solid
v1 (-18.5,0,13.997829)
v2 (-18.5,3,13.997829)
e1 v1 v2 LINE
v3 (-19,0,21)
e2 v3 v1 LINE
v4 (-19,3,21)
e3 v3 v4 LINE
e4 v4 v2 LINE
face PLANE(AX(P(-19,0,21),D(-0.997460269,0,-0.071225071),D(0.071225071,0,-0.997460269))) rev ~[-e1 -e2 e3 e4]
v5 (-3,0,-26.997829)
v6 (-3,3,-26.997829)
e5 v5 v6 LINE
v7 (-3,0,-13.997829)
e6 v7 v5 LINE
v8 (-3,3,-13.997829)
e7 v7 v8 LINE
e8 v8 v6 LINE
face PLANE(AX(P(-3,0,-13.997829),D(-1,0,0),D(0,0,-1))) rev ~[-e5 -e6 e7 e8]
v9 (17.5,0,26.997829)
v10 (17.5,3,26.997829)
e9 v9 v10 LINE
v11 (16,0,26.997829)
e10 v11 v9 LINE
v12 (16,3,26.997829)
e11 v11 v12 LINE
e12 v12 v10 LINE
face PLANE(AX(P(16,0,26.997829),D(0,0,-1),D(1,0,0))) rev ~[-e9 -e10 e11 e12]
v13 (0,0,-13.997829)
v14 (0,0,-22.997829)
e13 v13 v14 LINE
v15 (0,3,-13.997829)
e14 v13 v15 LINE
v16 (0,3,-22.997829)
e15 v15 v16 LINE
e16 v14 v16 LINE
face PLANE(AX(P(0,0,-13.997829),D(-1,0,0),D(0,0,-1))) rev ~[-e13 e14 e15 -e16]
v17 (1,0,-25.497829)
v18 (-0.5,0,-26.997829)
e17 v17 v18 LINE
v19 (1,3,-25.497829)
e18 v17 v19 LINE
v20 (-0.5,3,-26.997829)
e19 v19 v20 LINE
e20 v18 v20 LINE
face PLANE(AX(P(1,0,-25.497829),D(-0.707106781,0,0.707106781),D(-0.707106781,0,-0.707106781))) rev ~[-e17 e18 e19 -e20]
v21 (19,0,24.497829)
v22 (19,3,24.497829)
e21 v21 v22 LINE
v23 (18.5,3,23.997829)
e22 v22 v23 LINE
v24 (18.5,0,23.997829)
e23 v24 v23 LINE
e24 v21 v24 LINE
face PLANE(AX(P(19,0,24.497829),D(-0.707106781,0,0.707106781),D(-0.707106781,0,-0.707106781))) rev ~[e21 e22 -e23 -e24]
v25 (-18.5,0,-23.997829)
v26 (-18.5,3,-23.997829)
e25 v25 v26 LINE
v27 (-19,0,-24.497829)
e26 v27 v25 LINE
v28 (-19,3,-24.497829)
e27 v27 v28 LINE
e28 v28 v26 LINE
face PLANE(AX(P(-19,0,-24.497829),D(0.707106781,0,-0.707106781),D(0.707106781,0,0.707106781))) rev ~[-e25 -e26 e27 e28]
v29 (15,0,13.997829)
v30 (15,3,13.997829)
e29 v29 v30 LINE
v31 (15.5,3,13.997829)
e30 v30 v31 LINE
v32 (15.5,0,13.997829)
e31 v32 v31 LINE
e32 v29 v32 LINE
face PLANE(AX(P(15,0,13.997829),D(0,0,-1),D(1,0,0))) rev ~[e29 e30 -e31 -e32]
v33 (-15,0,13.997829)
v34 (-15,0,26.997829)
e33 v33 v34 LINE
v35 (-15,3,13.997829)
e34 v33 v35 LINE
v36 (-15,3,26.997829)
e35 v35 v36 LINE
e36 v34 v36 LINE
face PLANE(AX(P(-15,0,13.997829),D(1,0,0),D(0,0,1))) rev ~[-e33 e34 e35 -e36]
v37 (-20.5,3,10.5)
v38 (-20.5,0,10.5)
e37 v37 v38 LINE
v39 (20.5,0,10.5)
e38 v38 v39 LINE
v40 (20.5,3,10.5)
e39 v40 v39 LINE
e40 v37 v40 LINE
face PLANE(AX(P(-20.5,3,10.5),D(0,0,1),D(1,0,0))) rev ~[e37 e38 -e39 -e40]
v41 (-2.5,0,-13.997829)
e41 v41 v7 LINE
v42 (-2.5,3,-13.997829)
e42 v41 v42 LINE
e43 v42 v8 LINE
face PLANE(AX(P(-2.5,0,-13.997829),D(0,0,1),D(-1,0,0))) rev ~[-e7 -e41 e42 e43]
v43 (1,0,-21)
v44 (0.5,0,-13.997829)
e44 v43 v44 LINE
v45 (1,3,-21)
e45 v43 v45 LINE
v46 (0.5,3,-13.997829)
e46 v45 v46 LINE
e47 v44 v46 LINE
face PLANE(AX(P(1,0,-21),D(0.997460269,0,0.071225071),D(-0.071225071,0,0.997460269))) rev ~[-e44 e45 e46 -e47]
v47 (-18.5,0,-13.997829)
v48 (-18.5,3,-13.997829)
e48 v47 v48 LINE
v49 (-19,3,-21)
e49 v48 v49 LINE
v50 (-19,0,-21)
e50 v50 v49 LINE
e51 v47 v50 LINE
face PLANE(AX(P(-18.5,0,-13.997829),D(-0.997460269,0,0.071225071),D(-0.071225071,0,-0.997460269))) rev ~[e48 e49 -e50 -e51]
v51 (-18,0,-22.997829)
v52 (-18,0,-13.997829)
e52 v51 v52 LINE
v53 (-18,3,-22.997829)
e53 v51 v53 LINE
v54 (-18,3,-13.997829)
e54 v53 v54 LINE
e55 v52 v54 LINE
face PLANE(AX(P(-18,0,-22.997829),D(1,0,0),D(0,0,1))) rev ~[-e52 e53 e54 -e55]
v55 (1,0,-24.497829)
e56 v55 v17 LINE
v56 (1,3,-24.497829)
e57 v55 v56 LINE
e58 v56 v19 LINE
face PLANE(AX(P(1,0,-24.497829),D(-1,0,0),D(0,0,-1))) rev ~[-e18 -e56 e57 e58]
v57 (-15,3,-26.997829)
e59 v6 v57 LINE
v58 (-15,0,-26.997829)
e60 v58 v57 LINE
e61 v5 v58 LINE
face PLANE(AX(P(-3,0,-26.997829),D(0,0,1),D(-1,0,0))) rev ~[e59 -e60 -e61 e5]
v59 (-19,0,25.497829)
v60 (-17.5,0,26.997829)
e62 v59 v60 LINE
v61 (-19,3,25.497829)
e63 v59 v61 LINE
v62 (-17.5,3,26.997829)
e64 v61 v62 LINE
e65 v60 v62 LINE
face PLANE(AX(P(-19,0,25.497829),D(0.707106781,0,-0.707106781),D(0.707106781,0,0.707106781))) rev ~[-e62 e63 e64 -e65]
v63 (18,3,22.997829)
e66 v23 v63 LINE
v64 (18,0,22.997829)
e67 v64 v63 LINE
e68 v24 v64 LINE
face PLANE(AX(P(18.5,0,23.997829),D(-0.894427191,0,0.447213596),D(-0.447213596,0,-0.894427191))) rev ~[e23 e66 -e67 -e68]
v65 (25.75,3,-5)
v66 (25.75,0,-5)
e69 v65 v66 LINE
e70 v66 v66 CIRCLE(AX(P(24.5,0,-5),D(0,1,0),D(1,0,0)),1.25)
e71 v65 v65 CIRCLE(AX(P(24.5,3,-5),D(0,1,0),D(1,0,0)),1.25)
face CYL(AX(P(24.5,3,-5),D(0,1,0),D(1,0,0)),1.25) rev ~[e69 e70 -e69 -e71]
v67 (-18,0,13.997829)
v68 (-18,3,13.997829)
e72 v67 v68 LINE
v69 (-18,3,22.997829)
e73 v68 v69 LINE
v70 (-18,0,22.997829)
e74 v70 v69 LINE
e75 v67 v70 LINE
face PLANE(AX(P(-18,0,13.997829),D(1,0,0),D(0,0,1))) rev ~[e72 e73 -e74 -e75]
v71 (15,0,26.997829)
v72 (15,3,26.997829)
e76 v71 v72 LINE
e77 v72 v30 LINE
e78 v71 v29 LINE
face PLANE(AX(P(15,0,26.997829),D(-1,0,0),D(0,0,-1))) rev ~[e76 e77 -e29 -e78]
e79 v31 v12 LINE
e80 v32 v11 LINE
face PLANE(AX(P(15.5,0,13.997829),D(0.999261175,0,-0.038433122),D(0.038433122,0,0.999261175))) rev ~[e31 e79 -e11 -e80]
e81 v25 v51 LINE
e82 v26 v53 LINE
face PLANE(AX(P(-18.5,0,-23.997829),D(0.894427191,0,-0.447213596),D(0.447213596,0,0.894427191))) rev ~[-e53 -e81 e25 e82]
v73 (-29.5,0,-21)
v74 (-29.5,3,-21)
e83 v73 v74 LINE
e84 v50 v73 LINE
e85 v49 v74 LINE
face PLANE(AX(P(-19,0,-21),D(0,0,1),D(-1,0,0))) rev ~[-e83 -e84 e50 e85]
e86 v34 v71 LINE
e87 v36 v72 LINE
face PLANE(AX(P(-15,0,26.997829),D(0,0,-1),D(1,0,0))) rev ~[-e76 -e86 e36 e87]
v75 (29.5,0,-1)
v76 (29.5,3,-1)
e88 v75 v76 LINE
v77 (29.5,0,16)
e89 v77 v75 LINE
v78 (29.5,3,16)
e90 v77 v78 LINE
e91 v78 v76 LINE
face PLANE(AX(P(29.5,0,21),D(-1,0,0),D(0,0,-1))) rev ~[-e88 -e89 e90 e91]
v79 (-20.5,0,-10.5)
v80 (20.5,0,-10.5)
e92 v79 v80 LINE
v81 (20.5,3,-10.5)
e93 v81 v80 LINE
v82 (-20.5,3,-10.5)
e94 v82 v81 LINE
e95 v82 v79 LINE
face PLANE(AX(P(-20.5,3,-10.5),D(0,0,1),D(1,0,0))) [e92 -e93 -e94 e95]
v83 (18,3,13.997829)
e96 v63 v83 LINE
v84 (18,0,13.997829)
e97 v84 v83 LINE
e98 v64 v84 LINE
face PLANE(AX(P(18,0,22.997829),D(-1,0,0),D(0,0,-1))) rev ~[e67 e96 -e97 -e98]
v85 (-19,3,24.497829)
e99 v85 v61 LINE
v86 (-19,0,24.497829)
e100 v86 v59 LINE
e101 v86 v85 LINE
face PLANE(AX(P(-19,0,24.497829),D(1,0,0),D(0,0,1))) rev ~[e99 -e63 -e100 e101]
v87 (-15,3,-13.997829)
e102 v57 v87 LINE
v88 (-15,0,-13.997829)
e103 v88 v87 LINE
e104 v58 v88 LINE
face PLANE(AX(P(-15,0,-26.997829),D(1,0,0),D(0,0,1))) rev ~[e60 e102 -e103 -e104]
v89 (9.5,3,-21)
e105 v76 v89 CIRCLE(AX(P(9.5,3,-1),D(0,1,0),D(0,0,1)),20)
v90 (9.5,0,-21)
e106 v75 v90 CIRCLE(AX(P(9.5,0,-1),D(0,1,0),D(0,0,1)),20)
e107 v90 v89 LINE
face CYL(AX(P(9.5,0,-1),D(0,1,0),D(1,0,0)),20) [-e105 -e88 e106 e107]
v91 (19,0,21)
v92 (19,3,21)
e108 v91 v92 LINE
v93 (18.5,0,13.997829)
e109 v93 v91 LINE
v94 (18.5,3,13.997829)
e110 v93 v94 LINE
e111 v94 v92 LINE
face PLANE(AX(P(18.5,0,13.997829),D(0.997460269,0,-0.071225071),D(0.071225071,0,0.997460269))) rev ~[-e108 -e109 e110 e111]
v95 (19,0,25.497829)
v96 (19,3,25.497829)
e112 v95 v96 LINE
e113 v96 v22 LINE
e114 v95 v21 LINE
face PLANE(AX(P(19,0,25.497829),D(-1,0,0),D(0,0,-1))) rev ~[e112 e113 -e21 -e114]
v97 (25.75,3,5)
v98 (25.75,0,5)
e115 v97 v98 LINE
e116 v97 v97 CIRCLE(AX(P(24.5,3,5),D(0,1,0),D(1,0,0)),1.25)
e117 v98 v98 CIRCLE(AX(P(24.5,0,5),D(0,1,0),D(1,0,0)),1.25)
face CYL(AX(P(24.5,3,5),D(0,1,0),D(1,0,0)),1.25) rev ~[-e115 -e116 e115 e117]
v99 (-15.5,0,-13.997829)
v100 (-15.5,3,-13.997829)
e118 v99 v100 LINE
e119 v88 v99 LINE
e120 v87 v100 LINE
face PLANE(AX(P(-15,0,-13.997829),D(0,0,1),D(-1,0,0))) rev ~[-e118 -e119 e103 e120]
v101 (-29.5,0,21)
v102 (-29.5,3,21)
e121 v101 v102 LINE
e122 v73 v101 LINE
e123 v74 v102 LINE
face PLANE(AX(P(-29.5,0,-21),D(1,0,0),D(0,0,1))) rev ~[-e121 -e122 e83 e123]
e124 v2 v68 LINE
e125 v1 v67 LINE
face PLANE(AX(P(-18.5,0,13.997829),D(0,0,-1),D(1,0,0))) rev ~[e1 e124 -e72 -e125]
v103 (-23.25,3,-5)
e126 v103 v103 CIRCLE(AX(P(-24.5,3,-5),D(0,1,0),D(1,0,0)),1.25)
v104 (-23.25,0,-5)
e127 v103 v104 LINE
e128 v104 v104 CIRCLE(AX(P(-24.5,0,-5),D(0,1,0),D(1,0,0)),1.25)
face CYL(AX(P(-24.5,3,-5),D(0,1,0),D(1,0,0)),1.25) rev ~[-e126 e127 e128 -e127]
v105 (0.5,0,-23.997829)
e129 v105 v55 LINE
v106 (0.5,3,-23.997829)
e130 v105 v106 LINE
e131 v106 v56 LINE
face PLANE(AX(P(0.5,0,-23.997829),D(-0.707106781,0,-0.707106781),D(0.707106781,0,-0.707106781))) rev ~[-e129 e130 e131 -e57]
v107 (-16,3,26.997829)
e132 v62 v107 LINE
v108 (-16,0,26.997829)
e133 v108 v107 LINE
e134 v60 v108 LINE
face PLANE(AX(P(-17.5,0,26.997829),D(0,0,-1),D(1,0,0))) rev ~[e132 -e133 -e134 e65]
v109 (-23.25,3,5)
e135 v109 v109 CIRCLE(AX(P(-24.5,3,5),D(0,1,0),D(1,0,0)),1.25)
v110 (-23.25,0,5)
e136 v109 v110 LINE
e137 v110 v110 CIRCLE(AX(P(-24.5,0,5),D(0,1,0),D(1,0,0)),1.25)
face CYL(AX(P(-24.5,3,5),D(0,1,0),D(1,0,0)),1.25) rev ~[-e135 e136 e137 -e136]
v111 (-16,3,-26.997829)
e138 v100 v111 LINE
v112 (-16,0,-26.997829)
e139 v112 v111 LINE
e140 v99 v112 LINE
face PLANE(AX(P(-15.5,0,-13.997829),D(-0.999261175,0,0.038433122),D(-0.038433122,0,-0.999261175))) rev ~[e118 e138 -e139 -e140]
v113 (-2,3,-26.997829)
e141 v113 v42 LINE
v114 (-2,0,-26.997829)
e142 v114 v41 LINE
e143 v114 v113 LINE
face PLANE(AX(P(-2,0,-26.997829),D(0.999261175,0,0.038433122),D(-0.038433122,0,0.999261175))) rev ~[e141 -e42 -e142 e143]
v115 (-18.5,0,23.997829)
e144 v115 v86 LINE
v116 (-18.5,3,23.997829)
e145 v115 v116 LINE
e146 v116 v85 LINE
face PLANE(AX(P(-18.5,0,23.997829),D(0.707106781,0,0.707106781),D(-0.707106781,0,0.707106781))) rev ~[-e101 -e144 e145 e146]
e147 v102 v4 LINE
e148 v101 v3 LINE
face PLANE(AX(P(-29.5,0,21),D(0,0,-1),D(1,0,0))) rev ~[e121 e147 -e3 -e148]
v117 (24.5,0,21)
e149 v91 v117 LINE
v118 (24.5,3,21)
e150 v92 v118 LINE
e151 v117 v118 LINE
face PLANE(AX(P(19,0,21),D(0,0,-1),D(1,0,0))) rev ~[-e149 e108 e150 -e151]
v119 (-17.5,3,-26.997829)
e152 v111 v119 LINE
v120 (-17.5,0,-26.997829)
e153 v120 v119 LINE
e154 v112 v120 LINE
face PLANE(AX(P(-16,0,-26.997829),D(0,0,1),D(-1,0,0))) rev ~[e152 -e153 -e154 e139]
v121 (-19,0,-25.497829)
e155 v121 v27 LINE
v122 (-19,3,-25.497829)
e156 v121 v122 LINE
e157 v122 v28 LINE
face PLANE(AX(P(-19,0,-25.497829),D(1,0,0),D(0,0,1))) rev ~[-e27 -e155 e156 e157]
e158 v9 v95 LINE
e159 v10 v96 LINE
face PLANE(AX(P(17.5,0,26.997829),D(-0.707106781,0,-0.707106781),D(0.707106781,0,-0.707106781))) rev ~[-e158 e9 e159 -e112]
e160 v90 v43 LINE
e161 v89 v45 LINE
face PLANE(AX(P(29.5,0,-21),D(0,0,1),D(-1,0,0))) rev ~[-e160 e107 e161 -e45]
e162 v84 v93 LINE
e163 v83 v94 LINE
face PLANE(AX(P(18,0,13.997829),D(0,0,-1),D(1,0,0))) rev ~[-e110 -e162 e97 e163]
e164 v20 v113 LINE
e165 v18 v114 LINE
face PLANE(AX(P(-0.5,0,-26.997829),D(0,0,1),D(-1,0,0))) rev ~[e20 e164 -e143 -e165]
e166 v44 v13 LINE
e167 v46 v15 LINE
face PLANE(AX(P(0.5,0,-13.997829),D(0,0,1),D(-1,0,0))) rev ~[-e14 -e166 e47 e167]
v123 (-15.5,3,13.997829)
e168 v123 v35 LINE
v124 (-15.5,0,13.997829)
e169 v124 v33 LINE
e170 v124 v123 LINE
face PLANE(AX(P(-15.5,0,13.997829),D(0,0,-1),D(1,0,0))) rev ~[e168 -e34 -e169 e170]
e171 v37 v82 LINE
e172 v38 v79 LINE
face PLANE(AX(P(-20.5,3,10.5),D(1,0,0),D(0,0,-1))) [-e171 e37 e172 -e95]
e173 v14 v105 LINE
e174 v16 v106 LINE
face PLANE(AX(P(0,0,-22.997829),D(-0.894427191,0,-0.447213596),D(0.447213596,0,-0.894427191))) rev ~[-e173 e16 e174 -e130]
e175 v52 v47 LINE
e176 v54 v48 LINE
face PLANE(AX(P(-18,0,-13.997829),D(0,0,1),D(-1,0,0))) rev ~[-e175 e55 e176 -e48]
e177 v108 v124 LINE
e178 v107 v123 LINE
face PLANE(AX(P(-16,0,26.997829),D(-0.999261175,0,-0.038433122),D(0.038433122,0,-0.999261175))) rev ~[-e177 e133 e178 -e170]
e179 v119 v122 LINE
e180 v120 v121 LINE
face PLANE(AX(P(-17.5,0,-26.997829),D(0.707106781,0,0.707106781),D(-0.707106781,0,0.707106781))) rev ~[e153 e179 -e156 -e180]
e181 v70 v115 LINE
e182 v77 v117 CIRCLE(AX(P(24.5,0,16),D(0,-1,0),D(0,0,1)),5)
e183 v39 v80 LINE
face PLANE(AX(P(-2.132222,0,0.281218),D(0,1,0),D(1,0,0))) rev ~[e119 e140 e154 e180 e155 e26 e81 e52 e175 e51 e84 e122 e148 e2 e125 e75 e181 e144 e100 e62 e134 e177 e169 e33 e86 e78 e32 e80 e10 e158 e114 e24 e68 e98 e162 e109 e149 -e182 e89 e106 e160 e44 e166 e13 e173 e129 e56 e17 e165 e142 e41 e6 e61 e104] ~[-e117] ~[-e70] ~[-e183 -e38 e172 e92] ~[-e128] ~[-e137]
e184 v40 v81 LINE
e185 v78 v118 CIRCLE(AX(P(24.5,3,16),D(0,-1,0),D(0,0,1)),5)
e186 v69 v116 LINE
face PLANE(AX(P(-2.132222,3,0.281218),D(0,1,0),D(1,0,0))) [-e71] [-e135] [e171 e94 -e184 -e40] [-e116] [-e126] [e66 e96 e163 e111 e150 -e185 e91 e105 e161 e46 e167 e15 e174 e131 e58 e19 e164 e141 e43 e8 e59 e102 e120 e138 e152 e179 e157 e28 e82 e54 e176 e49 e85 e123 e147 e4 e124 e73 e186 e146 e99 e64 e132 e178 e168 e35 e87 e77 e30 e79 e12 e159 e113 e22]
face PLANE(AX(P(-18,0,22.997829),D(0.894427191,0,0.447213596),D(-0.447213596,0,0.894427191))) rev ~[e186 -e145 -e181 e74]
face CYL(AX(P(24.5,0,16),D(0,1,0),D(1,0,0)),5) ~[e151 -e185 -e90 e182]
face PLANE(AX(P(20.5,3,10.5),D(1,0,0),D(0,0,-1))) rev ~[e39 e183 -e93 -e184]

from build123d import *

# Parameters (mm, degrees)
BOSS_EXTRUDE4_DEPTH = 3
SKETCH7_R           = 1.25
SKETCH7_W           = 41
SKETCH7_H           = 21
CUT_EXTRUDE1_DEPTH  = 3
FILLET2_R           = 20
FILLET3_R           = 5


with BuildPart() as part:
    # Sketch1 → Boss-Extrude4 (new body)
    with BuildSketch(Plane(origin=(0, 0, 0), x_dir=(1, 0, 0), z_dir=(0, 1, 0))):
        Polygon((19, -21), (29.5, -21), (29.5, 21), (1, 21), (0.5, 13.997828908), (0, 13.997828908), (0, 22.997828908), (0.5, 23.997828908), (1, 24.497828908), (1, 25.497828908), (-0.5, 26.997828908), (-2, 26.997828908), (-2.5, 13.997828908), (-3, 13.997828908), (-3, 26.997828908), (-15, 26.997828908), (-15, 13.997828908), (-15.5, 13.997828908), (-16, 26.997828908), (-17.5, 26.997828908), (-19, 25.497828908), (-19, 24.497828908), (-18.5, 23.997828908), (-18, 22.997828908), (-18, 13.997828908), (-18.5, 13.997828908), (-19, 21), (-29.5, 21), (-29.5, -21), (-19, -21), (-18.5, -13.997828908), (-18, -13.997828908), (-18, -22.997828908), (-18.5, -23.997828908), (-19, -24.497828908), (-19, -25.497828908), (-17.5, -26.997828908), (-16, -26.997828908), (-15.5, -13.997828908), (-15, -13.997828908), (-15, -26.997828908), (15, -26.997828908), (15, -13.997828908), (15.5, -13.997828908), (16, -26.997828908), (17.5, -26.997828908), (19, -25.497828908), (19, -24.497828908), (18.5, -23.997828908), (18, -22.997828908), (18, -13.997828908), (18.5, -13.997828908), align=None)
    extrude(amount=BOSS_EXTRUDE4_DEPTH)

    # Sketch7 → Cut-Extrude1 (cut)
    with BuildSketch(Plane(origin=(0, 3, 0), x_dir=(1, 0, 0), z_dir=(0, 1, 0))):
        with Locations((-24.5, 5)):
            Circle(SKETCH7_R)
        with Locations((-24.5, -5)):
            Circle(SKETCH7_R)
        with Locations((24.5, -5)):
            Circle(SKETCH7_R)
        with Locations((24.5, 5)):
            Circle(SKETCH7_R)
        Rectangle(SKETCH7_W, SKETCH7_H)
    extrude(amount=-CUT_EXTRUDE1_DEPTH, mode=Mode.SUBTRACT)

    # Fillet2
    fillet2_edges = [part.edges().sort_by_distance(p)[0] for p in [
        (29.5, 1.5, -21),
    ]]
    fillet(fillet2_edges, radius=FILLET2_R)

    # Fillet3
    fillet3_edges = [part.edges().sort_by_distance(p)[0] for p in [
        (29.5, 1.5, 21),
    ]]
    fillet(fillet3_edges, radius=FILLET3_R)


solid = part.part
